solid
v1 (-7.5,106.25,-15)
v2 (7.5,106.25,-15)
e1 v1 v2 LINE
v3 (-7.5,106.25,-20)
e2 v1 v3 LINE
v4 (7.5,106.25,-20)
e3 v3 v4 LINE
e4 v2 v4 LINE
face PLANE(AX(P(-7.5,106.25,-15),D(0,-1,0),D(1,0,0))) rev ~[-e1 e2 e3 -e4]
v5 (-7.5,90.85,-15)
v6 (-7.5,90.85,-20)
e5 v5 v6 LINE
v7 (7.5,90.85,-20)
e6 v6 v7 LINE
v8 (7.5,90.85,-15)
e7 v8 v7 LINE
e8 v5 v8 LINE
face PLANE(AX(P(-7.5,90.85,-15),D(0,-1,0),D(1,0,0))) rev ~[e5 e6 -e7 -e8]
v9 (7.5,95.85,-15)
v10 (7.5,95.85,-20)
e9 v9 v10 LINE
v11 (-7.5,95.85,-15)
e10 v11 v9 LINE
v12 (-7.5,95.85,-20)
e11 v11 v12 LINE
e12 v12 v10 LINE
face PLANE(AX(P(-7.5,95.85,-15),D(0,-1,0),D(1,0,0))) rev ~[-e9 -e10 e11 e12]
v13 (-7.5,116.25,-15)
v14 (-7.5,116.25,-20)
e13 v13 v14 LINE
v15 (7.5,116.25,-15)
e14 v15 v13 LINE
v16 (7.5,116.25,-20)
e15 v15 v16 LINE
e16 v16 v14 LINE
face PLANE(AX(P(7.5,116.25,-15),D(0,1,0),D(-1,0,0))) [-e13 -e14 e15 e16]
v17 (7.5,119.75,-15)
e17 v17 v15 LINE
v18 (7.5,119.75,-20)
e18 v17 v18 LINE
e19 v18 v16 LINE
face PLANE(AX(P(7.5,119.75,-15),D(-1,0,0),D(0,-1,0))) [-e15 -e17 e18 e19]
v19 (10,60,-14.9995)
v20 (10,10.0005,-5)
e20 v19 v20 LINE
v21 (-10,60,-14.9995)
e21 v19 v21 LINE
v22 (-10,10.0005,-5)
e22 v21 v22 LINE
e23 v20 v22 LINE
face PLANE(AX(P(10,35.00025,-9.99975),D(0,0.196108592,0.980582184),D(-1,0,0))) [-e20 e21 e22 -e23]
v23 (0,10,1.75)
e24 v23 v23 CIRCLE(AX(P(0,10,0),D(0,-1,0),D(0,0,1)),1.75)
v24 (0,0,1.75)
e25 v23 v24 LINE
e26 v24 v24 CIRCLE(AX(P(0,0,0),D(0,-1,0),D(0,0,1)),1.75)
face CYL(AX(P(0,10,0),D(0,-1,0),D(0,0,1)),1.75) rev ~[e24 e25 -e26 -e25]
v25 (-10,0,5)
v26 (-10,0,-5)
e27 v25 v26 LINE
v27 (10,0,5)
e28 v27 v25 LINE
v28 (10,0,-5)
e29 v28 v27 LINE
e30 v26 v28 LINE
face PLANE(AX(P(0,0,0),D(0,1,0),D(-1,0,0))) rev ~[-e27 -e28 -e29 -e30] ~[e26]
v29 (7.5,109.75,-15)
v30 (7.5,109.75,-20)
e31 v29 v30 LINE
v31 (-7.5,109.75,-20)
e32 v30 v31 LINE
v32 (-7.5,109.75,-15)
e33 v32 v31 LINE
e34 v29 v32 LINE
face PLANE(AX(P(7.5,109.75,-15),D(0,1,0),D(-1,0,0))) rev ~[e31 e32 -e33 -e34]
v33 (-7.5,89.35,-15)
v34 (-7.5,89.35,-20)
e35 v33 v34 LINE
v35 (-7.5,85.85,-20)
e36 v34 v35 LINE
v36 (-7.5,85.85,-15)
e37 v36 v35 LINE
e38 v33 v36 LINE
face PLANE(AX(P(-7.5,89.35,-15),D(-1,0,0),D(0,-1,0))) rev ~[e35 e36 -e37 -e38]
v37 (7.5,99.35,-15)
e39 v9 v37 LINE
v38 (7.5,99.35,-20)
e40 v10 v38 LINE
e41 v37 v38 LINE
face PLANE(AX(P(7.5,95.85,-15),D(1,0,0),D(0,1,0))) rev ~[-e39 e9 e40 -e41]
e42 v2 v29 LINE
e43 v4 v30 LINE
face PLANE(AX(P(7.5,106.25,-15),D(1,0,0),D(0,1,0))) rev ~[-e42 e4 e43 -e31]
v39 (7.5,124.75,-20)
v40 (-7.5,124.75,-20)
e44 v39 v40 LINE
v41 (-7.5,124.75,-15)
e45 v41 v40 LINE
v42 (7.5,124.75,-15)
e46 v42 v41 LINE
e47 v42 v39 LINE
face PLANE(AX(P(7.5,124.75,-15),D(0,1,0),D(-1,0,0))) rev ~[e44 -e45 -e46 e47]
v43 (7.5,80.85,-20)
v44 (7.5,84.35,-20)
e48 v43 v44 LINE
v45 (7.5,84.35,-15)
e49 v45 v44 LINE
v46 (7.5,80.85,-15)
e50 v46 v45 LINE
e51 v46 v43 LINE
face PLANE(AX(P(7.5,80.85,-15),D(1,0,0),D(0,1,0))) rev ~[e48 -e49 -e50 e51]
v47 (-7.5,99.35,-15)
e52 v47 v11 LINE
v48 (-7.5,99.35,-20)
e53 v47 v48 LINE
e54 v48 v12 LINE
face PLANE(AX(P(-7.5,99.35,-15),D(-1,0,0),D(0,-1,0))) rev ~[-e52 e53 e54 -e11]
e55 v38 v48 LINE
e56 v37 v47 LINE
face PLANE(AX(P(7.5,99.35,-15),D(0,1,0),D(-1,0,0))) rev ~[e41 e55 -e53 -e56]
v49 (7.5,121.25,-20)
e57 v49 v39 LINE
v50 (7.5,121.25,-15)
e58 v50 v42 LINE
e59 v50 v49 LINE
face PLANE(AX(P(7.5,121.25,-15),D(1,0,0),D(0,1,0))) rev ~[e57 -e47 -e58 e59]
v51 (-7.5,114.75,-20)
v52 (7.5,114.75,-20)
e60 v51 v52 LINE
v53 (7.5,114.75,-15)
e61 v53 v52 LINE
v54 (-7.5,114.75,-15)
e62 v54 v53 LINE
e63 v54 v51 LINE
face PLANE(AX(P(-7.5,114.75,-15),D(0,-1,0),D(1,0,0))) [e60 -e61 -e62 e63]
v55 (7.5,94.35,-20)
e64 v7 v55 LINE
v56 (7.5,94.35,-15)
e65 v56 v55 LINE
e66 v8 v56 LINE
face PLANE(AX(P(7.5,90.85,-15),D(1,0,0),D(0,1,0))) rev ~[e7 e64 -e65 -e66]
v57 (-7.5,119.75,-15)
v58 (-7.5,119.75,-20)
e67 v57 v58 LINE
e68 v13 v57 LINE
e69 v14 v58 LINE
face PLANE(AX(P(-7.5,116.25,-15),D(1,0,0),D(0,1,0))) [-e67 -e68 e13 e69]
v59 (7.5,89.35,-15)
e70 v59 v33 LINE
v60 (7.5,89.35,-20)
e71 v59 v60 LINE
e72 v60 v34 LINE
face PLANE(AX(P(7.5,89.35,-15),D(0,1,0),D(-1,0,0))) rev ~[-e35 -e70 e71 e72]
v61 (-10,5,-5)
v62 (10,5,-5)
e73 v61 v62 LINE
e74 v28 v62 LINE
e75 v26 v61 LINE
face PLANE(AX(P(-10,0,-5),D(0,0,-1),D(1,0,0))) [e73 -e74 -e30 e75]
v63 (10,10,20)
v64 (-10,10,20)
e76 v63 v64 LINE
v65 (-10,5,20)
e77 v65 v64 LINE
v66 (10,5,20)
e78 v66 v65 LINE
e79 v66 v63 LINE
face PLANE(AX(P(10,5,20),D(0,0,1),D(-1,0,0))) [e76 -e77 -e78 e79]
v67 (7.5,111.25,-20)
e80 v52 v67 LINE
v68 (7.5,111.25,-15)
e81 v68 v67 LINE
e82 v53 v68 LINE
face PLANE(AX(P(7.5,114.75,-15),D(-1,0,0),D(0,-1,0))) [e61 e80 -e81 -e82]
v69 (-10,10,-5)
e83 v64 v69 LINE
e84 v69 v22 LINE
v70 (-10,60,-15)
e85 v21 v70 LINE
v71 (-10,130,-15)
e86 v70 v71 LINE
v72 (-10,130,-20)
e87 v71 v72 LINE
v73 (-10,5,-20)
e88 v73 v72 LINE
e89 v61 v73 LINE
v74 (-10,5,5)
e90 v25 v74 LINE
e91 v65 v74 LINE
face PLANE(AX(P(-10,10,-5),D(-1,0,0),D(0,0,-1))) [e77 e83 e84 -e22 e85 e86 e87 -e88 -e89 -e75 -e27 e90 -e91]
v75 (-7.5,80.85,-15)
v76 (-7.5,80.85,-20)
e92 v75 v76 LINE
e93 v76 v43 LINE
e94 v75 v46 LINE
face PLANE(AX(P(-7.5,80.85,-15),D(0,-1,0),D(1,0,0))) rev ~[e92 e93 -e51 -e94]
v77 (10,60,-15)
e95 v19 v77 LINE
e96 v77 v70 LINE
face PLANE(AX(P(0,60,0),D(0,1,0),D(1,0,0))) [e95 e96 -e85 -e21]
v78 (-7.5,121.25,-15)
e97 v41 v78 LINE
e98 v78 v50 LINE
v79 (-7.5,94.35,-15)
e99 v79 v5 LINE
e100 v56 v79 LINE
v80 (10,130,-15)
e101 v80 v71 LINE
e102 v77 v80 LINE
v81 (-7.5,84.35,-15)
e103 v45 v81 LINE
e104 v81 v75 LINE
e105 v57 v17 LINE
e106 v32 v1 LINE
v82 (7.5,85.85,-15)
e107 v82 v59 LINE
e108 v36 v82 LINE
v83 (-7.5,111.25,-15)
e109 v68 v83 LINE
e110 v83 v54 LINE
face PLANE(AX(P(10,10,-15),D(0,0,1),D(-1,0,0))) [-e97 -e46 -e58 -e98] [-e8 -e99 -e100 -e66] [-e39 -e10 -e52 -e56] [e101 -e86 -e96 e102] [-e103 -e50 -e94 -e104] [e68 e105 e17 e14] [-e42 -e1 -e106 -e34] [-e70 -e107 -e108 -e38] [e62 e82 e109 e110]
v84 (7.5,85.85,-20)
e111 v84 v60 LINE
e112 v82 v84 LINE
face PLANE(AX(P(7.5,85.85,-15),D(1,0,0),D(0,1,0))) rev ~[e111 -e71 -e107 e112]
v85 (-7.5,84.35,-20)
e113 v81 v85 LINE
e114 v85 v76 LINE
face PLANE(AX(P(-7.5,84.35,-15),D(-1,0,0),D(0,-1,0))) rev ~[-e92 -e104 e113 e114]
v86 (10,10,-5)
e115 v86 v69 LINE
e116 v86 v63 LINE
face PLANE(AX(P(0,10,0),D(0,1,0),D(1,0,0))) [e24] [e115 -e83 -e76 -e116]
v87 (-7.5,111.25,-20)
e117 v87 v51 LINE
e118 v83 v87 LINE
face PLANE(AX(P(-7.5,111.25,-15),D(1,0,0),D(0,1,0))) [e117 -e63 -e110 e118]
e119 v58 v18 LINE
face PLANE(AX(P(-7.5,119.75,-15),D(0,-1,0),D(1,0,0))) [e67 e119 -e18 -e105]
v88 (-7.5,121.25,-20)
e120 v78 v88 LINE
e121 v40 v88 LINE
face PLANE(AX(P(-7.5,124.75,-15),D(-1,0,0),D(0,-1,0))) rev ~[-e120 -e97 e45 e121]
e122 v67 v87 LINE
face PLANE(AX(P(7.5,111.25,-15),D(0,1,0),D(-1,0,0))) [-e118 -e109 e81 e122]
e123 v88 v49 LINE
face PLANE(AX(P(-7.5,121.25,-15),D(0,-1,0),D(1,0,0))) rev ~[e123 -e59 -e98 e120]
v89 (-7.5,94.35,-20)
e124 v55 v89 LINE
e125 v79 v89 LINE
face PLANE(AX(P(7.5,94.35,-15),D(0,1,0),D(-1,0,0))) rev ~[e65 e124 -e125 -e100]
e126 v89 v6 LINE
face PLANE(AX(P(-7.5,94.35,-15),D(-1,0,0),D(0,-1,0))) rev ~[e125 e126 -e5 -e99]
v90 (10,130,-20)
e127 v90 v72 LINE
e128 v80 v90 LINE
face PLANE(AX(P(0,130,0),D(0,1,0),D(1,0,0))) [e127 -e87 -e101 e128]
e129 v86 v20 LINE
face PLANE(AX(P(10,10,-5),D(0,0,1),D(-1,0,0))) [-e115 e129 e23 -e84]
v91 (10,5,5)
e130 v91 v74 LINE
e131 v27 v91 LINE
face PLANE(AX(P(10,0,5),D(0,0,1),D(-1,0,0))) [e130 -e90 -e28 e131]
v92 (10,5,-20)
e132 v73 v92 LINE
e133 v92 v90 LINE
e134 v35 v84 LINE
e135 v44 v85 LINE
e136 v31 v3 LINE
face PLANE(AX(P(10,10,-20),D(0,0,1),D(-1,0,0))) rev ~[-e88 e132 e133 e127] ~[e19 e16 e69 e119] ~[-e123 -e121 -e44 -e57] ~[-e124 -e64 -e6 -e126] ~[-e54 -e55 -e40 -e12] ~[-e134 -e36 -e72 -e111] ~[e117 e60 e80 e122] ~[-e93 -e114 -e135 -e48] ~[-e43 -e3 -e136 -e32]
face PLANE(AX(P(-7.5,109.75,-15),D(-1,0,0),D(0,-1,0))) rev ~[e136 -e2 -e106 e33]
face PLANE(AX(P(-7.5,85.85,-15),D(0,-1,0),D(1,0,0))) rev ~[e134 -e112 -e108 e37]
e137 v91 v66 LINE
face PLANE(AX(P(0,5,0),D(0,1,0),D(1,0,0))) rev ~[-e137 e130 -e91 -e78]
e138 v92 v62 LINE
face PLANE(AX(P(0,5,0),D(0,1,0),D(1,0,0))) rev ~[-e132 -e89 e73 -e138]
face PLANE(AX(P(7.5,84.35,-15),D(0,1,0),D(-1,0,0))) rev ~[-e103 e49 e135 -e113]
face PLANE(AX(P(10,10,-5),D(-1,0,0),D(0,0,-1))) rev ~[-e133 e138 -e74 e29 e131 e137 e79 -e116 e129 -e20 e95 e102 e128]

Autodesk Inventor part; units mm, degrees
ref_plane "YZ Plane" through (0, 0, 0) normal (1, 0, 0) x (0, 1, 0)
ref_plane "XZ Plane" through (0, 0, 0) normal (0, 1, 0) x (-1, 0, 0)
ref_plane "XY Plane" through (0, 0, 0) normal (0, 0, 1) x (1, 0, 0)
sketch "Sketch1" plane through (0, 0, 0) normal (0, 1, 0) x (-1, 0, 0)
  line L0 (-10, 5) -> (10, 5)
  line L1 (10, 5) -> (10, -5)
  line L2 (10, -5) -> (-10, -5)
  line L3 (-10, -5) -> (-10, 5)
  line L4 (-10, 5) -> (10, -5) construction
  line L5 (10, 5) -> (-10, -5) construction
  point P0 (0, 0)
  dimension "d0" = 20
  dimension "d1" = 10
extrude "Extrusion1" add sketch "Sketch1" along normal blind 5
sketch "Sketch7" plane through (0, 5, 0) normal (0, 1, 0) x (1, 0, 0)
  line L0 (10, -20) -> (-10, -20)
  line L1 (-10, -20) -> (-10, 20)
  line L2 (-10, 20) -> (10, 20)
  line L3 (10, 20) -> (10, -20)
  line L4 (10, -20) -> (-10, 20) construction
  line L5 (-10, -20) -> (10, 20) construction
  point P0 (0, 0)
  dimension "d26" = 40
extrude "Extrusion4" add sketch "Sketch7" along normal blind 5
sketch "Sketch8" plane through (0, 10, 0) normal (0, 1, 0) x (1, 0, 0)
  line L0 (10, 20) -> (-10, 20) projected
  line L1 (10, 5) -> (10, 20) projected
  line L2 (-10, 20) -> (10, 20)
  line L3 (10, 20) -> (10, 15)
  line L4 (10, 15) -> (-10, 15)
  line L5 (-10, 15) -> (-10, 20)
  point P0 (0, 0)
  dimension "d29" = 5
extrude "Extrusion5" add sketch "Sketch8" along normal blind 120
sketch "Sketch9" plane through (0, 10, 0) normal (0, 1, 0) x (1, 0, 0)
  line L0 (10, 15) -> (-10, 15) projected
  line L1 (10, -20) -> (10, 15) projected
  line L2 (-10, 15) -> (10, 15)
  line L3 (10, 15) -> (10, 5)
  line L4 (10, 5) -> (-10, 5)
  line L5 (-10, 5) -> (-10, 15)
  point P0 (0, 0)
  dimension "d32" = 10
extrude "Extrusion6" add sketch "Sketch9" along normal blind 50
chamfer "Chamfer1" distance 10 distance2 50 1 edges at (0, 60, -5) measured on face at (-3.3333, 60, -11.6667)
sketch "Sketch10" plane through (0, 10, 0) normal (0, 1, 0) x (1, 0, 0)
  point P0 (0, 0)
  point P1 (0, 0)
hole "Hole3" at (0, 10, 0) direction (0, -1, 0) diameter 3.5 depth 10
sketch "Sketch11" plane through (-10, 130, -15) normal (0, 0, 1) x (1, 0, 0)
  line L0 (2.5, -8.75) -> (17.5, -8.75)
  line L1 (17.5, -8.75) -> (17.5, -5.25)
  line L2 (17.5, -5.25) -> (2.5, -5.25)
  line L3 (2.5, -5.25) -> (2.5, -8.75)
  line L4 (2.5, -8.75) -> (17.5, -5.25) construction
  line L5 (17.5, -8.75) -> (2.5, -5.25) construction
  line L6 (2.5, -10.25) -> (17.5, -10.25)
  line L7 (17.5, -10.25) -> (17.5, -13.75)
  line L8 (17.5, -13.75) -> (2.5, -13.75)
  line L9 (2.5, -13.75) -> (2.5, -10.25)
  line L10 (2.5, -10.25) -> (17.5, -13.75) construction
  line L11 (17.5, -10.25) -> (2.5, -13.75) construction
  line L12 (2.5, -15.25) -> (17.5, -15.25)
  line L13 (17.5, -15.25) -> (17.5, -18.75)
  line L14 (17.5, -18.75) -> (2.5, -18.75)
  line L15 (2.5, -18.75) -> (2.5, -15.25)
  line L16 (2.5, -15.25) -> (17.5, -18.75) construction
  line L17 (17.5, -15.25) -> (2.5, -18.75) construction
  line L18 (2.5, -23.75) -> (17.5, -23.75)
  line L19 (17.5, -23.75) -> (17.5, -20.25)
  line L20 (17.5, -20.25) -> (2.5, -20.25)
  line L21 (2.5, -20.25) -> (2.5, -23.75)
  line L22 (2.5, -23.75) -> (17.5, -20.25) construction
  line L23 (17.5, -23.75) -> (2.5, -20.25) construction
  line L24 (2.5, -34.15) -> (17.5, -34.15)
  line L25 (17.5, -34.15) -> (17.5, -30.65)
  line L26 (17.5, -30.65) -> (2.5, -30.65)
  line L27 (2.5, -30.65) -> (2.5, -34.15)
  line L28 (2.5, -34.15) -> (17.5, -30.65) construction
  line L29 (17.5, -34.15) -> (2.5, -30.65) construction
  line L30 (2.5, -39.15) -> (17.5, -39.15)
  line L31 (17.5, -39.15) -> (17.5, -35.65)
  line L32 (17.5, -35.65) -> (2.5, -35.65)
  line L33 (2.5, -35.65) -> (2.5, -39.15)
  line L34 (2.5, -39.15) -> (17.5, -35.65) construction
  line L35 (17.5, -39.15) -> (2.5, -35.65) construction
  line L36 (2.5, -44.15) -> (17.5, -44.15)
  line L37 (17.5, -44.15) -> (17.5, -40.65)
  line L38 (17.5, -40.65) -> (2.5, -40.65)
  line L39 (2.5, -40.65) -> (2.5, -44.15)
  line L40 (2.5, -44.15) -> (17.5, -40.65) construction
  line L41 (17.5, -44.15) -> (2.5, -40.65) construction
  line L42 (2.5, -49.15) -> (17.5, -49.15)
  line L43 (17.5, -49.15) -> (17.5, -45.65)
  line L44 (17.5, -45.65) -> (2.5, -45.65)
  line L45 (2.5, -45.65) -> (2.5, -49.15)
  line L46 (2.5, -49.15) -> (17.5, -45.65) construction
  line L47 (17.5, -49.15) -> (2.5, -45.65) construction
  point P0 (10, -130)
  point P1 (10, -7)
  point P2 (10, -32.4)
  point P3 (10, -12)
  point P4 (10, -37.4)
  point P5 (10, -17)
  point P6 (10, -42.4)
  point P7 (10, -22)
  point P8 (10, -47.4)
  dimension "d52" = 15
  dimension "d53" = 3.5
  dimension "d54" = 3.5
  dimension "d55" = 3.5
  dimension "d56" = 3.5
  dimension "d57" = 3.5
  dimension "d58" = 3.5
  dimension "d59" = 3.5
  dimension "d60" = 3.5
extrude "Extrusion7" cut sketch "Sketch11" against normal through all
properties part number "Indu_Holder"
